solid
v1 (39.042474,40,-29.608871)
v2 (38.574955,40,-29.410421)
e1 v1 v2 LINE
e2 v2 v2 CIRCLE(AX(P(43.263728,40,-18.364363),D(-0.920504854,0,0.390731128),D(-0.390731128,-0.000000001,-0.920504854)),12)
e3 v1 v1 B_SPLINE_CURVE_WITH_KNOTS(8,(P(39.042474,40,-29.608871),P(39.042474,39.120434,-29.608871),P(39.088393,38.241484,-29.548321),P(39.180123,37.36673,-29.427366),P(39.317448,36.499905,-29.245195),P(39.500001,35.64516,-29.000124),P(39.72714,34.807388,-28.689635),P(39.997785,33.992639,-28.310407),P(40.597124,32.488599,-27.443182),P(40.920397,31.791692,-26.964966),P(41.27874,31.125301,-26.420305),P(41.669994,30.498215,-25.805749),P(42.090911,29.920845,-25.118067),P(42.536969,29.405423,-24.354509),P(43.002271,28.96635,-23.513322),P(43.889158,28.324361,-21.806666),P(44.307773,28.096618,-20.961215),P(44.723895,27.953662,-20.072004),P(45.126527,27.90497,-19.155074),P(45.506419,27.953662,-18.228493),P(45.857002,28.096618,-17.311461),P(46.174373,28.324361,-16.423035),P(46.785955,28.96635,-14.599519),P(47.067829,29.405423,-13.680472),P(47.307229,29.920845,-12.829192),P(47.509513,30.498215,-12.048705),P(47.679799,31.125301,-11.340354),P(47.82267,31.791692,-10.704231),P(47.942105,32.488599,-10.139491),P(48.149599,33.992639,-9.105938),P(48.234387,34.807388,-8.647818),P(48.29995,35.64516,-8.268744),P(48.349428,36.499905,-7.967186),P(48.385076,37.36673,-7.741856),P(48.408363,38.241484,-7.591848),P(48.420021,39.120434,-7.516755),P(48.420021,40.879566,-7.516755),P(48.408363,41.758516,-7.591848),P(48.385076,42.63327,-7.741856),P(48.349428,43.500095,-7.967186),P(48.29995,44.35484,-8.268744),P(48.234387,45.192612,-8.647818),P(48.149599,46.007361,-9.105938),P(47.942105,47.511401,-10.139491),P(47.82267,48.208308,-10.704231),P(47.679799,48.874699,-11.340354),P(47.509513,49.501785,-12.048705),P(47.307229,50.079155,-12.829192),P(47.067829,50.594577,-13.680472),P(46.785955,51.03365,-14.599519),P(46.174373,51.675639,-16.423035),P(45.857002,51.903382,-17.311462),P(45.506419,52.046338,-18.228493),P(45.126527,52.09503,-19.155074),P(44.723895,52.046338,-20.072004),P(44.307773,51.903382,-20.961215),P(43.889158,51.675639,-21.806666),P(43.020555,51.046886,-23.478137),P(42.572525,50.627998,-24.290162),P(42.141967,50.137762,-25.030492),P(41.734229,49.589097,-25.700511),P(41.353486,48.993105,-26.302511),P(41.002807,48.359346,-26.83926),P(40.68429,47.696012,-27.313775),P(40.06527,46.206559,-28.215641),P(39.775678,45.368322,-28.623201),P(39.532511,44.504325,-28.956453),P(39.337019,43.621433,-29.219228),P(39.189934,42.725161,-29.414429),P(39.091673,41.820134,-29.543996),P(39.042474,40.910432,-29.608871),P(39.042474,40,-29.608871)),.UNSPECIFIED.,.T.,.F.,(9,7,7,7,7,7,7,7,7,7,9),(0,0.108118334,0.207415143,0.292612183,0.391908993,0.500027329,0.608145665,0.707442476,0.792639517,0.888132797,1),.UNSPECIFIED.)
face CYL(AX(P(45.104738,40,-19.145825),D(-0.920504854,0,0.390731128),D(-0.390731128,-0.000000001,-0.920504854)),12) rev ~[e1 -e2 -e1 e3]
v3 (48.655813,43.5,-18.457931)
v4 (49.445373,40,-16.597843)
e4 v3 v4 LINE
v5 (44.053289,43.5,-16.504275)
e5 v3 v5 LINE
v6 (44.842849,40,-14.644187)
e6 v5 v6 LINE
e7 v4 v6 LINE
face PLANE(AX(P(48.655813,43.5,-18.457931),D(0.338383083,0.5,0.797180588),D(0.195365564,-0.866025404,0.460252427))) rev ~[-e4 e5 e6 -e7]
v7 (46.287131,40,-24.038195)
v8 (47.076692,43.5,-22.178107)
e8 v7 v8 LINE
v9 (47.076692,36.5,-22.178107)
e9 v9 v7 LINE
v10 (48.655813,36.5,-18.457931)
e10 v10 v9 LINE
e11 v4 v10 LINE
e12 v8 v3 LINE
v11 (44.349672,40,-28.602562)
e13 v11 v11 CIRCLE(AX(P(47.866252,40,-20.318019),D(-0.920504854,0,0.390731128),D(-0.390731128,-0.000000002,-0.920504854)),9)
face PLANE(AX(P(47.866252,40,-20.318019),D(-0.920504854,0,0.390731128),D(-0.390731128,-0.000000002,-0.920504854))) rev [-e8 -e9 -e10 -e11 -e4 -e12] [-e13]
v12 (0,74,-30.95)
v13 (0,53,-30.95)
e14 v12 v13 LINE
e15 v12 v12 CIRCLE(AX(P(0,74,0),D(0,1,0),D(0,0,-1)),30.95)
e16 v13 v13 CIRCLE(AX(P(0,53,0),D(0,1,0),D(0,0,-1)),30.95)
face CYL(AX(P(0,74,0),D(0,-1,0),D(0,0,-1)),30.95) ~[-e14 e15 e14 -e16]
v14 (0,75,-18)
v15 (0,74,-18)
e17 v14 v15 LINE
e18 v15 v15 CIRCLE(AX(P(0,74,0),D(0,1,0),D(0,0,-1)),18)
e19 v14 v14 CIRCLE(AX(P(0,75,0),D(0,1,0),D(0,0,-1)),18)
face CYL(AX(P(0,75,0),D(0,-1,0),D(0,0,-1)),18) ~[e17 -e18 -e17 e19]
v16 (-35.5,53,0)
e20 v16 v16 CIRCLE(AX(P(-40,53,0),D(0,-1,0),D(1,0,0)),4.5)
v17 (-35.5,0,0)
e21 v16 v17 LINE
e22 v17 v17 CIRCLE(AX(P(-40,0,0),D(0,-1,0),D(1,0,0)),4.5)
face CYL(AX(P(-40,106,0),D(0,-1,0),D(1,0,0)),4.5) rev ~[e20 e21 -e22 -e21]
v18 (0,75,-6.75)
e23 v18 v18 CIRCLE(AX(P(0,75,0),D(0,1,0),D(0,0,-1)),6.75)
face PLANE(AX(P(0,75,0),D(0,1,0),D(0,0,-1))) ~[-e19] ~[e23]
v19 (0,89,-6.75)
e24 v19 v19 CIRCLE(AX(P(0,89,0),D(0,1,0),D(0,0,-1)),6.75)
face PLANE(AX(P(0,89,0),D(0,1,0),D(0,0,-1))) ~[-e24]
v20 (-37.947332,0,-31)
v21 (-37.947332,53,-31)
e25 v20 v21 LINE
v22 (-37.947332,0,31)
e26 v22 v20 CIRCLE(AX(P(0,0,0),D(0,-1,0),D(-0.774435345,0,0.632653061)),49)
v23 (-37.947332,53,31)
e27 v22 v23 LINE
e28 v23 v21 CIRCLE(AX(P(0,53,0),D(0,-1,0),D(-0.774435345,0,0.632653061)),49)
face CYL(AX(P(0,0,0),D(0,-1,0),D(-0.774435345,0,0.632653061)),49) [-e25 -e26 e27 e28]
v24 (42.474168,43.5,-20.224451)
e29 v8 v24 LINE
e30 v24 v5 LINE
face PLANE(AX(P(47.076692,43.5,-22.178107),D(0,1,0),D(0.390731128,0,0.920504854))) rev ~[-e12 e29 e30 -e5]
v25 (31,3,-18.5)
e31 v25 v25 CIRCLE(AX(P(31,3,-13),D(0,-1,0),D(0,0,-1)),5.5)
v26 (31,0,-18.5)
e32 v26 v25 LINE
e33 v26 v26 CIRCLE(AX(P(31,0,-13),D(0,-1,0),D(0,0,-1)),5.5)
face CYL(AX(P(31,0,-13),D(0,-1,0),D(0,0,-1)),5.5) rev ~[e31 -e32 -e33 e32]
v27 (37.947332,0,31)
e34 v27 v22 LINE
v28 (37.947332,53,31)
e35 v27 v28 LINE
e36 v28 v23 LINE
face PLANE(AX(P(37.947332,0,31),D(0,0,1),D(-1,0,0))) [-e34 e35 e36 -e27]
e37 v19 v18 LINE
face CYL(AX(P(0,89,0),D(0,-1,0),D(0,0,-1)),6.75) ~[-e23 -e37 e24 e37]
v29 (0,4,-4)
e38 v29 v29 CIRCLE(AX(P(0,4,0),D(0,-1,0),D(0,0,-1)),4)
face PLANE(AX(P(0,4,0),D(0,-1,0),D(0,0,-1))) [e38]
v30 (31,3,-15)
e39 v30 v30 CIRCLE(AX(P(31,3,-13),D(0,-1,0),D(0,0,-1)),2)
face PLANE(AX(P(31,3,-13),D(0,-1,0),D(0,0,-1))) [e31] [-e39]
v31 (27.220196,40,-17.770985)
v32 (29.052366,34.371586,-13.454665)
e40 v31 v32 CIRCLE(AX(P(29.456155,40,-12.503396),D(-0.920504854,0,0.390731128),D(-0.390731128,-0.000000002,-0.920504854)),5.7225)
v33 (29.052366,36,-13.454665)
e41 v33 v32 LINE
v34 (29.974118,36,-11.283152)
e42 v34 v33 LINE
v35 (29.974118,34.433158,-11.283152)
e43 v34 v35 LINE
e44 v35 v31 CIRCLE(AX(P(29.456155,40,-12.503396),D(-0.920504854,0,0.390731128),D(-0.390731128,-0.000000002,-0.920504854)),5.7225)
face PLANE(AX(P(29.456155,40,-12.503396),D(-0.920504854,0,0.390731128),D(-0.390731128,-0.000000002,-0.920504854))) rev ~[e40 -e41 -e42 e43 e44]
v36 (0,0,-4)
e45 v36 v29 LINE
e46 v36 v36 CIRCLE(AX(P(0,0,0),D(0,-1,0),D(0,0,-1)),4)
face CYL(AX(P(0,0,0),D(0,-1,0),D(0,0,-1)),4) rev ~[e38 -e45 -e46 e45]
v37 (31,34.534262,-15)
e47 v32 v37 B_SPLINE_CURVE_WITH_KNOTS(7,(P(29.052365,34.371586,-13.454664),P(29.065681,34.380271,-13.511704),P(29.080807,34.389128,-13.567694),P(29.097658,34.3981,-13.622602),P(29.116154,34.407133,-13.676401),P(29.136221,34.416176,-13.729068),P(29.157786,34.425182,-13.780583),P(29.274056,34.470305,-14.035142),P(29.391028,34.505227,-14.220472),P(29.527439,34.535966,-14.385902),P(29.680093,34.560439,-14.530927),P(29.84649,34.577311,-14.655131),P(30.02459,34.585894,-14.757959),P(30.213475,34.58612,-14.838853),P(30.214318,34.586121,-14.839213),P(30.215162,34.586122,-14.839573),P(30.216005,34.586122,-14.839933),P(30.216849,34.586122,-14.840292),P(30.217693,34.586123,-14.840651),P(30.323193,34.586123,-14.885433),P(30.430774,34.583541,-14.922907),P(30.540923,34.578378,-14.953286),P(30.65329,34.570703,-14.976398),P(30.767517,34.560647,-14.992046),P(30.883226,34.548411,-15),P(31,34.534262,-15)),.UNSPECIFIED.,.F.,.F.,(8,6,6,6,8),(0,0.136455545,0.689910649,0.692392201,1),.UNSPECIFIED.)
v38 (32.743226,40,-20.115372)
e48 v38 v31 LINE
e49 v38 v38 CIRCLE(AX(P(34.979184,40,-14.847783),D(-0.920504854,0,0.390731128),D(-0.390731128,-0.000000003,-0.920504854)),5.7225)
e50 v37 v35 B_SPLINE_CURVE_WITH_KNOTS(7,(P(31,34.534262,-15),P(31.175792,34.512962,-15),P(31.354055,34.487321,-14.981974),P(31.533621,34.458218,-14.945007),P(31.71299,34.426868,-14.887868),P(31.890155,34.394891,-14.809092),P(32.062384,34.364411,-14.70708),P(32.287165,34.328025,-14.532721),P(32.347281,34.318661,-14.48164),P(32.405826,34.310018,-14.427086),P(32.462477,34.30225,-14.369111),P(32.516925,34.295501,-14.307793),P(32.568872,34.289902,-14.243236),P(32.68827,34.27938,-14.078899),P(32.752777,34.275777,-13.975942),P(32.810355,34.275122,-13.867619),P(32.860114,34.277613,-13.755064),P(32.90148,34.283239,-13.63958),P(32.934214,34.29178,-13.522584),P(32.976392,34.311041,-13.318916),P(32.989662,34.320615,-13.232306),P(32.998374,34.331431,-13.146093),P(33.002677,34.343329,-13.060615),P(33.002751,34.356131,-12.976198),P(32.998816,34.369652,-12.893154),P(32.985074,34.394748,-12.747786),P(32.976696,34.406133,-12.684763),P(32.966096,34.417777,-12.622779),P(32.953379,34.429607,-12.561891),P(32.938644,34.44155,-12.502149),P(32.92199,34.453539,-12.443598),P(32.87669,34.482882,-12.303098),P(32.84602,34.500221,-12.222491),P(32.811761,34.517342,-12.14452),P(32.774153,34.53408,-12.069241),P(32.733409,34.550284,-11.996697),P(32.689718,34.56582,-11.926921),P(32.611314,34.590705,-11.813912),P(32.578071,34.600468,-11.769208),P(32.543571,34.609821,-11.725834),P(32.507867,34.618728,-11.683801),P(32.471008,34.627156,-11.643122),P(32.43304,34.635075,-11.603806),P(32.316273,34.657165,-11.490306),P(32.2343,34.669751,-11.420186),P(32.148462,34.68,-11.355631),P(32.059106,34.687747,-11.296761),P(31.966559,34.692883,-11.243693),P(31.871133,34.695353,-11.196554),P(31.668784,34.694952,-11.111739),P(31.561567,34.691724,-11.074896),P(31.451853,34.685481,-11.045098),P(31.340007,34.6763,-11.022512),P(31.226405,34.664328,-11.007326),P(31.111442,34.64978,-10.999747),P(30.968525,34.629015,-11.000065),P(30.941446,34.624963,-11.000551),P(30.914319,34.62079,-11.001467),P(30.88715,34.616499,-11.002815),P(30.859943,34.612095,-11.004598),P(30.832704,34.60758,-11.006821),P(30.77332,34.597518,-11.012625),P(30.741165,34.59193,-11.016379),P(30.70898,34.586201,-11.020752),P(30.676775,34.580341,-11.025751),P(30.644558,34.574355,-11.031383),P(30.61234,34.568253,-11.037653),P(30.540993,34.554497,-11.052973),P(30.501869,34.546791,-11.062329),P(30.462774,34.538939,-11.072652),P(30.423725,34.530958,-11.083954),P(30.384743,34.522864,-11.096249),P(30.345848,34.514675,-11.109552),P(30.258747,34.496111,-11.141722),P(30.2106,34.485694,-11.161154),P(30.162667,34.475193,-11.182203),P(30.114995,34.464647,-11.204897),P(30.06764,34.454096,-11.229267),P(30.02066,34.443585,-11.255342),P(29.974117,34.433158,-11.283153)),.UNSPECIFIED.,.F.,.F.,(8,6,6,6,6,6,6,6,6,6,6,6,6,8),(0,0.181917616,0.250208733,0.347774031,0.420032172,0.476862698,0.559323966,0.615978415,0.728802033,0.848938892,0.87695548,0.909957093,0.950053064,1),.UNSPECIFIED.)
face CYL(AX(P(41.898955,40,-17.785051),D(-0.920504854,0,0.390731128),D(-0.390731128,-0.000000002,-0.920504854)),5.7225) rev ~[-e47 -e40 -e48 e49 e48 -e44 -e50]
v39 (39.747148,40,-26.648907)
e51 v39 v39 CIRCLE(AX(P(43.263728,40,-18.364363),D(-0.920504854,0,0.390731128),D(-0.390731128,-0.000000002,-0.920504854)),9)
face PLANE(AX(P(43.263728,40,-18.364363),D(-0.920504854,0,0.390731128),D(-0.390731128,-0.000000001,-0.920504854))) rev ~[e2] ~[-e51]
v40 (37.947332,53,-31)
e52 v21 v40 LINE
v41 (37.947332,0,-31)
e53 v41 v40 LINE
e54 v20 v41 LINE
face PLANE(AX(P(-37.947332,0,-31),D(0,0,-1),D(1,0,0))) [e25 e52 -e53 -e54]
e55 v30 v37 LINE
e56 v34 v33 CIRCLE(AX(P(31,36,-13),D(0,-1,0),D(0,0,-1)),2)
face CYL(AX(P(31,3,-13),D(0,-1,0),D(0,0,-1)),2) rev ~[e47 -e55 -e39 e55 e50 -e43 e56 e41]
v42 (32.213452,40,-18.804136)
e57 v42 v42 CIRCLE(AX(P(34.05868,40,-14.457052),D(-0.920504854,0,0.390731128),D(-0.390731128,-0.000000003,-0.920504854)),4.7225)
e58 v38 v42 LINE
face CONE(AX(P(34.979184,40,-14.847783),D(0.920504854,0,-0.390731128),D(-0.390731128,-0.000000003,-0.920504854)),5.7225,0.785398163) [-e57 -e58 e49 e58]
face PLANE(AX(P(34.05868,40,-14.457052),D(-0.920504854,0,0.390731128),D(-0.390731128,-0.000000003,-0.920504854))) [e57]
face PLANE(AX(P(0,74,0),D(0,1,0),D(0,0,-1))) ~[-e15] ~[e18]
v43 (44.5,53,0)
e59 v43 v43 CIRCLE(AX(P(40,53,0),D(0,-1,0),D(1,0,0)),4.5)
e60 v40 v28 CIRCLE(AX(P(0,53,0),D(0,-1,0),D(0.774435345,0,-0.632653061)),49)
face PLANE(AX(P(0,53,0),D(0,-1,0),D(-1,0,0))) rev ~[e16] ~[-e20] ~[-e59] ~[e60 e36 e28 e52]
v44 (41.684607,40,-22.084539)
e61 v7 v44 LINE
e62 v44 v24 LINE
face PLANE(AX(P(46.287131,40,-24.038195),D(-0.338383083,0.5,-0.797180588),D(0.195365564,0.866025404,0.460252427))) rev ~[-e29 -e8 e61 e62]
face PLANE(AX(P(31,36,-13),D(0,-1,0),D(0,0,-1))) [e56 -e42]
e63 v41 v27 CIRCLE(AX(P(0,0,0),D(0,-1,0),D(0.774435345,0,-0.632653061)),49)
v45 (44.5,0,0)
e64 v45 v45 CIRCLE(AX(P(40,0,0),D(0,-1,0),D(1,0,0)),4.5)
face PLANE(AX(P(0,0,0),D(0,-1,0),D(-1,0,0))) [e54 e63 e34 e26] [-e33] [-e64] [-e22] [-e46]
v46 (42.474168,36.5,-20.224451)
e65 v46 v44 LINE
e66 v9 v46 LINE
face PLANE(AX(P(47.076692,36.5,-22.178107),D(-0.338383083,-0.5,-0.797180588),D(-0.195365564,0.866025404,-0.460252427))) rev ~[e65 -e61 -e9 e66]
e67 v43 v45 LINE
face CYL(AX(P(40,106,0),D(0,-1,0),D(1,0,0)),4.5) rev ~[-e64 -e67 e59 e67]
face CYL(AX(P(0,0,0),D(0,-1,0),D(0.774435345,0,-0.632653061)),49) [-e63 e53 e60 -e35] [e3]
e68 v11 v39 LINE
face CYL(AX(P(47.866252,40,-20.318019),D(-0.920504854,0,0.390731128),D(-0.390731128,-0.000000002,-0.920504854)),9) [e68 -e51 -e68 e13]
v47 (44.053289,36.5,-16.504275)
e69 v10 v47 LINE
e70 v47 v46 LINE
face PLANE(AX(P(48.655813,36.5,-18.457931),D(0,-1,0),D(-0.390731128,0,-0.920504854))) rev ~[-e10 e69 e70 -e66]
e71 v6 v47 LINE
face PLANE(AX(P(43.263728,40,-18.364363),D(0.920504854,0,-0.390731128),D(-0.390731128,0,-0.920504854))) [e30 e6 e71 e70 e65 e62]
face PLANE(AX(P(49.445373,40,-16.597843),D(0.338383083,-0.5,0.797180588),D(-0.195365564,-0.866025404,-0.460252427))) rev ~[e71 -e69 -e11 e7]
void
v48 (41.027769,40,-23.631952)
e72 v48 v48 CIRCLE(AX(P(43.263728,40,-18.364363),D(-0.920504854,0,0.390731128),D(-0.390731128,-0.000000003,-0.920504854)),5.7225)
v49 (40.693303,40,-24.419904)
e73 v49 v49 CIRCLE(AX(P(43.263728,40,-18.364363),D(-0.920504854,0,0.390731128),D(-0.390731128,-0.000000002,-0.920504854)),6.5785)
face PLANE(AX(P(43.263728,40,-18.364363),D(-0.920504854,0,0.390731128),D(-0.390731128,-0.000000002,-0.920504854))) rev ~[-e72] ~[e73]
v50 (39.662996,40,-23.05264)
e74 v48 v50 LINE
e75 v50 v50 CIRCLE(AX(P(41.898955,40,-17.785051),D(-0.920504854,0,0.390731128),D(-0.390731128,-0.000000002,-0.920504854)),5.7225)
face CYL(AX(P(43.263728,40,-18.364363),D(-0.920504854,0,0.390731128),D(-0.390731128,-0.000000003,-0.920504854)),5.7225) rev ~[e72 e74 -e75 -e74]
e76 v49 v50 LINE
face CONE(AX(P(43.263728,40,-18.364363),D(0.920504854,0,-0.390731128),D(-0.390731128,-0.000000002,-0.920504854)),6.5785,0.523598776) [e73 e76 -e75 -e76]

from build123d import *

# Parameters (mm, degrees)
EXTRUDE1_DEPTH     = 53
HOLE1_D            = 9
HOLE1_DEPTH        = 53
SKETCH5_R          = 4
CUT_EXTRUDE1_DEPTH = 4
SKETCH6_R          = 5.5
CUT_EXTRUDE2_DEPTH = 3
SKETCH7_R          = 2
CUT_EXTRUDE3_DEPTH = 33
CUT_EXTRUDE4_DEPTH = 5


with BuildPart() as part:
    # Sketch1 → Extrude1 (new body)
    with BuildSketch(Plane(origin=(0, 0, 0), x_dir=(1, 0, 0), z_dir=(0, 1, 0))):
        with BuildLine():
            Line((-37.947331922, 31), (37.947331922, 31))
            ThreePointArc((37.947331922, 31), (49, 0), (37.947331922, -31))
            Line((37.947331922, -31), (-37.947331922, -31))
            ThreePointArc((-37.947331922, -31), (-49, 0), (-37.947331922, 31))
        make_face()
    extrude(amount=EXTRUDE1_DEPTH)

    # Sketch2 → Revolve1 (revolve)
    with BuildSketch(Plane.XY, mode=Mode.PRIVATE) as revolve1_sk:
        Polygon((0, 89), (-6.75, 89), (-6.75, 75), (-18, 75), (-18, 74), (-30.95, 74), (-30.95, 53), (0, 53), align=None)
    revolve(revolve1_sk.sketch.rotate(Axis((0, 0, 0), (0, 1, 0)), 270), axis=Axis((0, 0, 0), (0, 1, 0)))  # turned: the seam where the file's is

    # Hole1
    with Locations(Plane(origin=(0, 53, 0), x_dir=(-1, 0, 0), z_dir=(0, 1, 0))):
        with Locations((40, 0), (-40, 0)):
            Hole(HOLE1_D / 2, depth=HOLE1_DEPTH)

    # Sketch5 → Cut-Extrude1 (cut)
    with BuildSketch(Plane.XZ):
        with Locations(Location((0, 0, 0), (0, 0, 270))):  # turned: the seam where the file's is
            Circle(SKETCH5_R)
    extrude(amount=-CUT_EXTRUDE1_DEPTH, mode=Mode.SUBTRACT)

    # Sketch6 → Cut-Extrude2 (cut)
    with BuildSketch(Plane.XZ):
        with Locations(Location((31, -13, 0), (0, 0, 270))):  # turned: the seam where the file's is
            Circle(SKETCH6_R)
    extrude(amount=-CUT_EXTRUDE2_DEPTH, mode=Mode.SUBTRACT)

    # Sketch7 → Cut-Extrude3 (cut)
    with BuildSketch(Plane.XZ.offset(-3)):
        with Locations(Location((31, -13, 0), (0, 0, 270))):  # turned: the seam where the file's is
            Circle(SKETCH7_R)
    extrude(amount=-CUT_EXTRUDE3_DEPTH, mode=Mode.SUBTRACT)

    # Sketch8 → Cut-Revolve1 (revolve, cut)
    with BuildSketch(Plane(origin=(0, 0, 0), x_dir=(0.920504853, 0, -0.390731128), z_dir=(0.390731128, 0, 0.920504853)), mode=Mode.PRIVATE) as cut_revolve1_sk:
        Polygon((49, 28), (47, 28), (47, 33.4215), (45.517364509, 34.2775), (32, 34.2775), (32, 40), (49, 40), align=None)
    revolve(cut_revolve1_sk.sketch.rotate(Axis((47.484793311, 40, -20.156098913), (-0.920504853, 0, 0.390731128)), 270), axis=Axis((47.484793311, 40, -20.156098913), (-0.920504853, 0, 0.390731128)), mode=Mode.SUBTRACT)  # turned: the seam where the file's is

    # Sketch9 → Revolve2 (revolve)
    with BuildSketch(Plane(origin=(0, 0, 0), x_dir=(0.920504853, 0, -0.390731128), z_dir=(0.390731128, 0, 0.920504853)), mode=Mode.PRIVATE) as revolve2_sk:
        Polygon((47, 31), (47, 34.2775), (38, 34.2775), (37, 35.2775), (37, 40), (52, 40), (52, 31), align=None)
    revolve(revolve2_sk.sketch.rotate(Axis((53.930450878, 40, -22.892118224), (-0.920504853, 0, 0.390731128)), 270), axis=Axis((53.930450878, 40, -22.892118224), (-0.920504853, 0, 0.390731128)))  # turned: the seam where the file's is

    # Sketch10 → Cut-Extrude4 (cut)
    with BuildSketch(Plane(origin=(47.86625238, 0, -20.318018681), x_dir=(-0.390731128, 0, -0.920504853), z_dir=(0.920504853, 0, -0.390731128))):
        Polygon((4.041451884, 40), (2.020725942, 43.5), (-2.020725942, 43.5), (-4.041451884, 40), (-2.020725942, 36.5), (2.020725942, 36.5), align=None)
    extrude(amount=-CUT_EXTRUDE4_DEPTH, mode=Mode.SUBTRACT)


solid = part.part
